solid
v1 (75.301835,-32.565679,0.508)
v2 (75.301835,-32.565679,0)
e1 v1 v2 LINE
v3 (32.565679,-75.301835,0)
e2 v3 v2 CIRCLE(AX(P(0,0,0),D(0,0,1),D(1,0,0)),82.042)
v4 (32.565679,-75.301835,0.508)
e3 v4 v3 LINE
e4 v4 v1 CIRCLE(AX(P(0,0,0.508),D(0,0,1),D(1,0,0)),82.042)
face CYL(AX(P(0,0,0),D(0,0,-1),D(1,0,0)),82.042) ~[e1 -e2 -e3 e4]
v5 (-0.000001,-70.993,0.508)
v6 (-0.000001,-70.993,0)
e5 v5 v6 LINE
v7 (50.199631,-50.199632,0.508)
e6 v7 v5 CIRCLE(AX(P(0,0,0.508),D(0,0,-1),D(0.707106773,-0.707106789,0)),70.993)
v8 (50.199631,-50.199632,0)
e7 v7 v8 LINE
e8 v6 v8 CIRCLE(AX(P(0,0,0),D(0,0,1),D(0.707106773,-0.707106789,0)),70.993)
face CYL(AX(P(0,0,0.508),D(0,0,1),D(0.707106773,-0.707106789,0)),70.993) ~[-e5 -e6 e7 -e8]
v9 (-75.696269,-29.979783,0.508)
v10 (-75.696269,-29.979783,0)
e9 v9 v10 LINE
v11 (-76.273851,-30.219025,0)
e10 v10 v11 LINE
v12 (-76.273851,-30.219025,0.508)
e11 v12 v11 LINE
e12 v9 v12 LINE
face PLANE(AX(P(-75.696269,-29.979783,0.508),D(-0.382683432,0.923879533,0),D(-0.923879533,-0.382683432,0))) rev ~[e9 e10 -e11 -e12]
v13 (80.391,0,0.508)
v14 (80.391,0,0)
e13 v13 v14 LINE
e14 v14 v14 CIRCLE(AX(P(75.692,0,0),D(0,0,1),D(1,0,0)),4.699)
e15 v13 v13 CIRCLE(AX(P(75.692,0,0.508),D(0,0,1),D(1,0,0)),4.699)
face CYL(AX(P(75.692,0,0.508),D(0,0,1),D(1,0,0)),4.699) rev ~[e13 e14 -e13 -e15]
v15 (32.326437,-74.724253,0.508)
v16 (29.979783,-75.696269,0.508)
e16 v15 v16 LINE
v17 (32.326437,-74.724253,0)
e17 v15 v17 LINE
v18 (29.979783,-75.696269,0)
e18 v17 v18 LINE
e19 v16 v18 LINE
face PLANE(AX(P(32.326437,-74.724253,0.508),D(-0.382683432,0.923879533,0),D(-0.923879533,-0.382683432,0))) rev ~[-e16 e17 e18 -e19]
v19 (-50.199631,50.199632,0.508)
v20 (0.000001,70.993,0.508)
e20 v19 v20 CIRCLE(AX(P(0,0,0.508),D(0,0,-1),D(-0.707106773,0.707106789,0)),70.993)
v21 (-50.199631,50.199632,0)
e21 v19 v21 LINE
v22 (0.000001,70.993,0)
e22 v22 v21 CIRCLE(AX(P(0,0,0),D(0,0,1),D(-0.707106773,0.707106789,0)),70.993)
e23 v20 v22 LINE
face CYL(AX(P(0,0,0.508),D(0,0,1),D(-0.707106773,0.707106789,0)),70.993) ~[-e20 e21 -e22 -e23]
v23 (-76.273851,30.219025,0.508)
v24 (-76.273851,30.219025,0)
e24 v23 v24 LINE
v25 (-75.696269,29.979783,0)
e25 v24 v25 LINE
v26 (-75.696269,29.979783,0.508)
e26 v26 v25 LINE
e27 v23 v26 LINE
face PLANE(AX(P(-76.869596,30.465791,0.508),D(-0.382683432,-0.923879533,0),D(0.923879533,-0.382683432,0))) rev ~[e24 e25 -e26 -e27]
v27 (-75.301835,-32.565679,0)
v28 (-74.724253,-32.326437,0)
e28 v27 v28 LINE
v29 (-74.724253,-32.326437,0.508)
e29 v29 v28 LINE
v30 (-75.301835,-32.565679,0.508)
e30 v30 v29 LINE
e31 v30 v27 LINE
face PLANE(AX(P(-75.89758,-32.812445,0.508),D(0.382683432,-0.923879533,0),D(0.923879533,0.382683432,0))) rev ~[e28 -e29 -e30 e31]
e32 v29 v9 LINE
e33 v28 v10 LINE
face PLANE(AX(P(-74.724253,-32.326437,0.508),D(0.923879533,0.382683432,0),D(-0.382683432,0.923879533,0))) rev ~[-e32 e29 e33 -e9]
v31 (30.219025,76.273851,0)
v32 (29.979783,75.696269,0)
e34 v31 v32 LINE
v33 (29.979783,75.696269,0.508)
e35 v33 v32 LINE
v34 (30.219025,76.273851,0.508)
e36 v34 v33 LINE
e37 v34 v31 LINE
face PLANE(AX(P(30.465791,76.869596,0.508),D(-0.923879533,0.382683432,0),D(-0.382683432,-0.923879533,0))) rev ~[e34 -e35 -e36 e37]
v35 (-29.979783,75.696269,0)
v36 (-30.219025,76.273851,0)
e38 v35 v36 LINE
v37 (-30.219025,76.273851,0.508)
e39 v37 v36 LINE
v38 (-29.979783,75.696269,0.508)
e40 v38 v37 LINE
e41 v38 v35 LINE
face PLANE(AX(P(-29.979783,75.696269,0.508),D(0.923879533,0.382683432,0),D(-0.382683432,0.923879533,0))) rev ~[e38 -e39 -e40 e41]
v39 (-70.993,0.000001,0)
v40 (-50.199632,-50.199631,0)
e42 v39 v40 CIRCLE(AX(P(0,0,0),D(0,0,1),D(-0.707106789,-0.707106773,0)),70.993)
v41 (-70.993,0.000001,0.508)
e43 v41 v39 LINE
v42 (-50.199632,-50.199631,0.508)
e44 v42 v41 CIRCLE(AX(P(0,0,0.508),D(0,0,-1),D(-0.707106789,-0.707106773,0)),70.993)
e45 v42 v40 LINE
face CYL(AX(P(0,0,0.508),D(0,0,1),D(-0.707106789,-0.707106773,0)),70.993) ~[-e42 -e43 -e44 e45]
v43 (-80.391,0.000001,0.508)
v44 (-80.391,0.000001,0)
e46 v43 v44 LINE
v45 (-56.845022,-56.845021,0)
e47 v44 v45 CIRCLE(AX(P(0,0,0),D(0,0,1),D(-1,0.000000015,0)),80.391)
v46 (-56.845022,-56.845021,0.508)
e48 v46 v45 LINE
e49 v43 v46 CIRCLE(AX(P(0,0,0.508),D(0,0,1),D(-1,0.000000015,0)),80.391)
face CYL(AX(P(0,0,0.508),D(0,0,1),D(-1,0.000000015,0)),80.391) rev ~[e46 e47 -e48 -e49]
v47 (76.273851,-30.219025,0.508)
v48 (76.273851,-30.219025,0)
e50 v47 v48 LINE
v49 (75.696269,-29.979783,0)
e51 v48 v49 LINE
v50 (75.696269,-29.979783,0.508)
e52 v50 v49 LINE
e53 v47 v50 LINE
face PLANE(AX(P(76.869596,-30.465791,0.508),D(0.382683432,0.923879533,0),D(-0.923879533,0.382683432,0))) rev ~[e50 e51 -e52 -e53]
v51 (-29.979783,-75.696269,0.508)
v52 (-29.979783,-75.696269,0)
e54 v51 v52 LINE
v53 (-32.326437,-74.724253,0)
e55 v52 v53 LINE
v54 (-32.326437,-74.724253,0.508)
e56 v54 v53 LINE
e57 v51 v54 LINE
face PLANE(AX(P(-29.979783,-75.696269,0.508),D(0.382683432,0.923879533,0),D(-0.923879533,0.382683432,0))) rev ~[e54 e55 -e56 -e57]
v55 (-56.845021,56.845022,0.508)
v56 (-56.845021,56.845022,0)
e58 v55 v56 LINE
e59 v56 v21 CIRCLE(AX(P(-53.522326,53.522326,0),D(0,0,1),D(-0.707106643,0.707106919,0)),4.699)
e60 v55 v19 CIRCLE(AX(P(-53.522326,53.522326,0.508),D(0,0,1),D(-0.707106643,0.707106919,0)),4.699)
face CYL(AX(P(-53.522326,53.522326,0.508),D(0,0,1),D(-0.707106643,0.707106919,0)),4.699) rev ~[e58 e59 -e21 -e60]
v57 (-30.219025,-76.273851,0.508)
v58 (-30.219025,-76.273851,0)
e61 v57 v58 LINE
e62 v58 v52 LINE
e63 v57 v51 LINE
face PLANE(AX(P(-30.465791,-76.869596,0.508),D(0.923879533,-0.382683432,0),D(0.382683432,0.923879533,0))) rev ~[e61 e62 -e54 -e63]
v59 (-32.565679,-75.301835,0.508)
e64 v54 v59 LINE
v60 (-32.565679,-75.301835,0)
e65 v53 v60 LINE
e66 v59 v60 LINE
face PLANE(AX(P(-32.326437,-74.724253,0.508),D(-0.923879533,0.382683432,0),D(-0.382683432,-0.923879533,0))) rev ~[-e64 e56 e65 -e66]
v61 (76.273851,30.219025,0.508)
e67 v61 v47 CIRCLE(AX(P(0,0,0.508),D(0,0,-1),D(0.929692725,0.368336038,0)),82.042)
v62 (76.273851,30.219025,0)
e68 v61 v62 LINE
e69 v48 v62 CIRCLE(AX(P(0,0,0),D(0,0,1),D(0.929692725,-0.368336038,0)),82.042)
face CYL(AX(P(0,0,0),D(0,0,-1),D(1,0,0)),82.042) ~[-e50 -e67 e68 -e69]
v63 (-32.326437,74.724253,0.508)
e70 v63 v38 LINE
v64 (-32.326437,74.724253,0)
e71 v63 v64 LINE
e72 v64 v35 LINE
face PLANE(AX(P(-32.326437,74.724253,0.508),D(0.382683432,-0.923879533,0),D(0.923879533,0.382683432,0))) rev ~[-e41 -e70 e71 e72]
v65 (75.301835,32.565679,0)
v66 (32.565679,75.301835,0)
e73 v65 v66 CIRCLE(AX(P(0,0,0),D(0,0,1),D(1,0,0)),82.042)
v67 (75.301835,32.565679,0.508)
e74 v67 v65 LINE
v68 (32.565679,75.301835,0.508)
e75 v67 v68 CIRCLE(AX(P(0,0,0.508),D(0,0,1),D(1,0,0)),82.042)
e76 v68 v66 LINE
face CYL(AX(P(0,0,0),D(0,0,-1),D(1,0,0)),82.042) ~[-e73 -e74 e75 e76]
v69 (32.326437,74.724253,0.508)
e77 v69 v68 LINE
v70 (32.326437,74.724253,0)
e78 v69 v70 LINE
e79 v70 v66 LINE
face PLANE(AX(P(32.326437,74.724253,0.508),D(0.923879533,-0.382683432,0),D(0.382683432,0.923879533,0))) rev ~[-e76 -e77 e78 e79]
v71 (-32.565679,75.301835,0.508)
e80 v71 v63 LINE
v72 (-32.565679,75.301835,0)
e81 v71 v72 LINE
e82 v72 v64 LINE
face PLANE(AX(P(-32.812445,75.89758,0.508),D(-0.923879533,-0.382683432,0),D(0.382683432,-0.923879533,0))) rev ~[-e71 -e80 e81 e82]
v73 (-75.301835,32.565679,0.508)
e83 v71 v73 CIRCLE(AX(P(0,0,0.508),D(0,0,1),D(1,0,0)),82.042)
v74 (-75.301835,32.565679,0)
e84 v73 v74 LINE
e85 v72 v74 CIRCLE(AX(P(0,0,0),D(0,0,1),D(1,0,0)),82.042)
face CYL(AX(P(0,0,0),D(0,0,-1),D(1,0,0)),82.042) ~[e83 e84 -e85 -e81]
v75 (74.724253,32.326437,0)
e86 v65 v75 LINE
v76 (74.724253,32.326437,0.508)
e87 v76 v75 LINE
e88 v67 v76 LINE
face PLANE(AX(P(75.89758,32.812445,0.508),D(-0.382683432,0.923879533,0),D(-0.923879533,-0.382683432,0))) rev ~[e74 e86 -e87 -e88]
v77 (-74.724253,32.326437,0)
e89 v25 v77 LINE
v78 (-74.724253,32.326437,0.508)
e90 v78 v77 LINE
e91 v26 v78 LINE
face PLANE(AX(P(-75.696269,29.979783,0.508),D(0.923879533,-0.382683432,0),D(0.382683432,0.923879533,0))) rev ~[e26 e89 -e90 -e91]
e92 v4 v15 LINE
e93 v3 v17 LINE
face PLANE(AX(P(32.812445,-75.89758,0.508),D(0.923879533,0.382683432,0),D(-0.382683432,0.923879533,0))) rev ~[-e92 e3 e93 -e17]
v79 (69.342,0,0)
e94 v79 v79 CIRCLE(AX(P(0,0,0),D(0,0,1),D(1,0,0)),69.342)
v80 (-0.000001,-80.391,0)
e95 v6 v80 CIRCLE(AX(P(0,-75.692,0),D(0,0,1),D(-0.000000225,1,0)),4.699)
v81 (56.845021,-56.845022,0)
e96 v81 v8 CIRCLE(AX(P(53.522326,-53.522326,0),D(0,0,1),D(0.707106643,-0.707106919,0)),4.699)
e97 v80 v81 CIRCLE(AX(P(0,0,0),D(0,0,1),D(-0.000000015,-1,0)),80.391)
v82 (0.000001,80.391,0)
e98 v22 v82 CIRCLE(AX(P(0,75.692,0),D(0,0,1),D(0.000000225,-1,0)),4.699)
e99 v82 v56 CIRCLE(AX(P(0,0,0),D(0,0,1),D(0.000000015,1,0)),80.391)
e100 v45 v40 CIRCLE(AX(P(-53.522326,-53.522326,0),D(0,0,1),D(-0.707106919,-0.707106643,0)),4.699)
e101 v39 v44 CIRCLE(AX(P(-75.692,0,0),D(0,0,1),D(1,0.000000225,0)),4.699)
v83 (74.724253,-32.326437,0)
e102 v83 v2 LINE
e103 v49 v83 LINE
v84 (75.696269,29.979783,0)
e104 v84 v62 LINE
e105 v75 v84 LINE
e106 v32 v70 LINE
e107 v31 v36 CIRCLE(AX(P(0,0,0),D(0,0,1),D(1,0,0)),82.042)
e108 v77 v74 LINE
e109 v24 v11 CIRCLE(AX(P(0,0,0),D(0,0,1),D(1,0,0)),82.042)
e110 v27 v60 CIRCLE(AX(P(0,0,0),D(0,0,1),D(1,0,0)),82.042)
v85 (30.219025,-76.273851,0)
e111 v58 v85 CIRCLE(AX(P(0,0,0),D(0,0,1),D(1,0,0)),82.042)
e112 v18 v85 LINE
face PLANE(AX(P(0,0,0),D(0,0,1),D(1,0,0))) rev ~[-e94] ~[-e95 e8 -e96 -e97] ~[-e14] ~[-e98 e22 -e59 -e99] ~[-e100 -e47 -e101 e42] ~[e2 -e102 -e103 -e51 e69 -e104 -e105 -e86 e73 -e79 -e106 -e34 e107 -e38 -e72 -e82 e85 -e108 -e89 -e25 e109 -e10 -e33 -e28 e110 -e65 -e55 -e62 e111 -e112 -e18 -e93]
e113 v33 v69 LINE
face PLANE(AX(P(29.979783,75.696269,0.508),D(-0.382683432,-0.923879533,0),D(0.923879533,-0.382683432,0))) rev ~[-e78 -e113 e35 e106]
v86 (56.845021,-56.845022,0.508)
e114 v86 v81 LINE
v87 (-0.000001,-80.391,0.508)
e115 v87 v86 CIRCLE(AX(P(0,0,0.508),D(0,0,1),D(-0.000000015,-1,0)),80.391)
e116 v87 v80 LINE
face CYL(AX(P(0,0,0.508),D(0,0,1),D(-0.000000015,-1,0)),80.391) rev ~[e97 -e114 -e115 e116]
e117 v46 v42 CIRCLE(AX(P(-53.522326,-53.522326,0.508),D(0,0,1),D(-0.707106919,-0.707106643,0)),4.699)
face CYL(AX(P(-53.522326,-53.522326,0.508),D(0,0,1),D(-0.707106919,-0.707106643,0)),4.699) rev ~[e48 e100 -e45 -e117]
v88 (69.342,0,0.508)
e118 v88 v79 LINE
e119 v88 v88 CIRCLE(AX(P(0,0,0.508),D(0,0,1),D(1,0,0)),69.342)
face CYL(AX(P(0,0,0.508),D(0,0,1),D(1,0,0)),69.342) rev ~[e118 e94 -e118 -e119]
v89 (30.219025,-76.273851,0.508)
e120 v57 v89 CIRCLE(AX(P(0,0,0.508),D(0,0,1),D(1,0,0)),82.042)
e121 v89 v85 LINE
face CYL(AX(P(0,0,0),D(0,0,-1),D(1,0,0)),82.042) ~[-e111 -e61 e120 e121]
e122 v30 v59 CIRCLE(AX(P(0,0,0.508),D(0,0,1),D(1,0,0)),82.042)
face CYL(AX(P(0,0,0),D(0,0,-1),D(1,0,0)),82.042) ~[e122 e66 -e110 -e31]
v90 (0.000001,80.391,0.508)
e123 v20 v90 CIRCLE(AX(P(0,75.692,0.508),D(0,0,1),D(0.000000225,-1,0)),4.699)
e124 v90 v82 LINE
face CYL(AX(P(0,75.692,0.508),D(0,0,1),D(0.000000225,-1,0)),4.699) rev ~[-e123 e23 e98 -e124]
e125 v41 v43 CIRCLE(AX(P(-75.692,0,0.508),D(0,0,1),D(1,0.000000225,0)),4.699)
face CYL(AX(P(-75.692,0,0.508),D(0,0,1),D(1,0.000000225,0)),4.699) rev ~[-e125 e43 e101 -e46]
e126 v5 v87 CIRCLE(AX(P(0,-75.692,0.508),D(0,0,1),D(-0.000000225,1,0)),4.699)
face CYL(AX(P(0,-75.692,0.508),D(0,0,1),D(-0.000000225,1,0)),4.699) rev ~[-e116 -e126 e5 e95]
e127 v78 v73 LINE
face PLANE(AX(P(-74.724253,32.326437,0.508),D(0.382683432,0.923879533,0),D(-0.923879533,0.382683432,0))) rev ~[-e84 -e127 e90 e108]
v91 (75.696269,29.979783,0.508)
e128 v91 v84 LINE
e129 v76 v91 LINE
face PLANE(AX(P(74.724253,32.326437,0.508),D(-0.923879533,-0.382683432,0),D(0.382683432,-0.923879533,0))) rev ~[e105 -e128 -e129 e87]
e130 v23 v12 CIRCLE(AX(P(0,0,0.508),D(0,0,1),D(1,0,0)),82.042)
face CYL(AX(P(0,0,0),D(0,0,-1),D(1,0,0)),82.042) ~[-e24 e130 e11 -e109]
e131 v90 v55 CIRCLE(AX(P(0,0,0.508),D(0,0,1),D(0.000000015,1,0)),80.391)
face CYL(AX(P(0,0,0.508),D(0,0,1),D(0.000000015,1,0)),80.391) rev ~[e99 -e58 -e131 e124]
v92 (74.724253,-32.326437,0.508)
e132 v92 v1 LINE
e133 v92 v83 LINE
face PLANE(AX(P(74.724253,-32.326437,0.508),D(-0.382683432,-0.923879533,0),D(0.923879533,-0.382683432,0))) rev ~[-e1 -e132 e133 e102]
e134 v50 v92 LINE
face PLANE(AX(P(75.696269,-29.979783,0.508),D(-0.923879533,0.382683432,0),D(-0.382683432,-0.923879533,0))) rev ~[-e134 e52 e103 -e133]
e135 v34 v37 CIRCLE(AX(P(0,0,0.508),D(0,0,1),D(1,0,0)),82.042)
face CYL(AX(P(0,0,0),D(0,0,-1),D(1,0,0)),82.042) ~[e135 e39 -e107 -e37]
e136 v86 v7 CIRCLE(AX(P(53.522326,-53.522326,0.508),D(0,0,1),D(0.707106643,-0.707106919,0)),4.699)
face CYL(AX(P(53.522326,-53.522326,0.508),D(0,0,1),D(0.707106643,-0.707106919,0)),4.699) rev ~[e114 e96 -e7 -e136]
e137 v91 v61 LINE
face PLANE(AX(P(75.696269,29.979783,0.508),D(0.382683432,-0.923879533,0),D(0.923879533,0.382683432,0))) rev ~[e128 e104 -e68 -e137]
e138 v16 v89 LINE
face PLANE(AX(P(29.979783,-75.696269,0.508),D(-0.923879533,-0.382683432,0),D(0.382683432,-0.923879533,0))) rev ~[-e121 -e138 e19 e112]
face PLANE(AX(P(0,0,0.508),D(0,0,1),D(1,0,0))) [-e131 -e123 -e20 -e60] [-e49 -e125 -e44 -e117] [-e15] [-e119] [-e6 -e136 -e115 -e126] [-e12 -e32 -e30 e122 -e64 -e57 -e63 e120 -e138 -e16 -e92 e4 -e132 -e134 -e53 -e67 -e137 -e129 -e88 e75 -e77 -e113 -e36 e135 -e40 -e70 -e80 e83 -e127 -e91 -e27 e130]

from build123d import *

# Parameters (mm, degrees)
SKETCH4_R           = 82.042
BOSS_EXTRUDE2_DEPTH = 0.508
SKETCH5_R           = 69.342
CUT_EXTRUDE5_DEPTH  = 1.508
SKETCH6_R           = 4.699
CUT_EXTRUDE6_DEPTH  = 1.508
CUT_EXTRUDE11_DEPTH = 1.508


with BuildPart() as part:
    # Sketch4 → Boss-Extrude2 (new body)
    with BuildSketch(Plane.XY):
        Circle(SKETCH4_R)
    extrude(amount=BOSS_EXTRUDE2_DEPTH)

    # Sketch5 → Cut-Extrude5 (cut, through all)
    with BuildSketch(Plane.XY.offset(0.508)):
        Circle(SKETCH5_R)
    extrude(amount=-CUT_EXTRUDE5_DEPTH, mode=Mode.SUBTRACT)

    # Sketch6 → Cut-Extrude6 (cut, through all)
    with BuildSketch(Plane.XY.offset(0.508)):
        with Locations((75.692, 0)):
            Circle(SKETCH6_R)
        with BuildLine():
            ThreePointArc((56.845020598, -56.845021895), (56.845021284, -50.199631755), (50.199631144, -50.199632289))
            ThreePointArc((50.199631144, -50.199632289), (27.167844051, -65.588980009), (-1.058e-06, -70.993))
            ThreePointArc((-1.058e-06, -70.993), (-4.699, -75.69199993), (-1.198e-06, -80.391))
            ThreePointArc((-1.198e-06, -80.391), (30.764302834, -74.271599903), (56.845020598, -56.845021895))
        make_face()
        with BuildLine():
            ThreePointArc((-56.845021895, -56.845020598), (-50.199631755, -56.845021284), (-50.199632289, -50.199631144))
            ThreePointArc((-50.199632289, -50.199631144), (-65.588980009, -27.167844051), (-70.993, 1.058e-06))
            ThreePointArc((-70.993, 1.058e-06), (-75.69199993, 4.699), (-80.391, 1.198e-06))
            ThreePointArc((-80.391, 1.198e-06), (-74.271599903, -30.764302834), (-56.845021895, -56.845020598))
        make_face()
        with BuildLine():
            ThreePointArc((-56.845020598, 56.845021895), (-56.845021284, 50.199631755), (-50.199631144, 50.199632289))
            ThreePointArc((-50.199631144, 50.199632289), (-27.167844051, 65.588980009), (1.058e-06, 70.993))
            ThreePointArc((1.058e-06, 70.993), (4.699, 75.69199993), (1.198e-06, 80.391))
            ThreePointArc((1.198e-06, 80.391), (-30.764302834, 74.271599903), (-56.845020598, 56.845021895))
        make_face()
    extrude(amount=-CUT_EXTRUDE6_DEPTH, mode=Mode.SUBTRACT)

    # Sketch8 → Cut-Extrude11 (cut, through all)
    with BuildSketch(Plane.XY.offset(0.508)):
        Polygon((76.869596069, 30.465791131), (75.89758015, 32.812445144), (74.724253144, 32.326437185), (75.696269062, 29.979783172), align=None)
        Polygon((-30.465791131, 76.869596069), (-32.812445144, 75.89758015), (-32.326437185, 74.724253144), (-29.979783172, 75.696269062), align=None)
        Polygon((-75.89758015, 32.812445144), (-76.869596069, 30.465791131), (-75.696269062, 29.979783172), (-74.724253144, 32.326437185), align=None)
        Polygon((-76.869596069, -30.465791131), (-75.89758015, -32.812445144), (-74.724253144, -32.326437185), (-75.696269062, -29.979783172), align=None)
        Polygon((-32.812445144, -75.89758015), (-30.465791131, -76.869596069), (-29.979783172, -75.696269062), (-32.326437185, -74.724253144), align=None)
        Polygon((30.465791131, -76.869596069), (32.812445144, -75.89758015), (32.326437185, -74.724253144), (29.979783172, -75.696269062), align=None)
        Polygon((75.89758015, -32.812445144), (76.869596069, -30.465791131), (75.696269062, -29.979783172), (74.724253144, -32.326437185), align=None)
        Polygon((32.812445144, 75.89758015), (30.465791131, 76.869596069), (29.979783172, 75.696269062), (32.326437185, 74.724253144), align=None)
    extrude(amount=-CUT_EXTRUDE11_DEPTH, mode=Mode.SUBTRACT)


solid = part.part
